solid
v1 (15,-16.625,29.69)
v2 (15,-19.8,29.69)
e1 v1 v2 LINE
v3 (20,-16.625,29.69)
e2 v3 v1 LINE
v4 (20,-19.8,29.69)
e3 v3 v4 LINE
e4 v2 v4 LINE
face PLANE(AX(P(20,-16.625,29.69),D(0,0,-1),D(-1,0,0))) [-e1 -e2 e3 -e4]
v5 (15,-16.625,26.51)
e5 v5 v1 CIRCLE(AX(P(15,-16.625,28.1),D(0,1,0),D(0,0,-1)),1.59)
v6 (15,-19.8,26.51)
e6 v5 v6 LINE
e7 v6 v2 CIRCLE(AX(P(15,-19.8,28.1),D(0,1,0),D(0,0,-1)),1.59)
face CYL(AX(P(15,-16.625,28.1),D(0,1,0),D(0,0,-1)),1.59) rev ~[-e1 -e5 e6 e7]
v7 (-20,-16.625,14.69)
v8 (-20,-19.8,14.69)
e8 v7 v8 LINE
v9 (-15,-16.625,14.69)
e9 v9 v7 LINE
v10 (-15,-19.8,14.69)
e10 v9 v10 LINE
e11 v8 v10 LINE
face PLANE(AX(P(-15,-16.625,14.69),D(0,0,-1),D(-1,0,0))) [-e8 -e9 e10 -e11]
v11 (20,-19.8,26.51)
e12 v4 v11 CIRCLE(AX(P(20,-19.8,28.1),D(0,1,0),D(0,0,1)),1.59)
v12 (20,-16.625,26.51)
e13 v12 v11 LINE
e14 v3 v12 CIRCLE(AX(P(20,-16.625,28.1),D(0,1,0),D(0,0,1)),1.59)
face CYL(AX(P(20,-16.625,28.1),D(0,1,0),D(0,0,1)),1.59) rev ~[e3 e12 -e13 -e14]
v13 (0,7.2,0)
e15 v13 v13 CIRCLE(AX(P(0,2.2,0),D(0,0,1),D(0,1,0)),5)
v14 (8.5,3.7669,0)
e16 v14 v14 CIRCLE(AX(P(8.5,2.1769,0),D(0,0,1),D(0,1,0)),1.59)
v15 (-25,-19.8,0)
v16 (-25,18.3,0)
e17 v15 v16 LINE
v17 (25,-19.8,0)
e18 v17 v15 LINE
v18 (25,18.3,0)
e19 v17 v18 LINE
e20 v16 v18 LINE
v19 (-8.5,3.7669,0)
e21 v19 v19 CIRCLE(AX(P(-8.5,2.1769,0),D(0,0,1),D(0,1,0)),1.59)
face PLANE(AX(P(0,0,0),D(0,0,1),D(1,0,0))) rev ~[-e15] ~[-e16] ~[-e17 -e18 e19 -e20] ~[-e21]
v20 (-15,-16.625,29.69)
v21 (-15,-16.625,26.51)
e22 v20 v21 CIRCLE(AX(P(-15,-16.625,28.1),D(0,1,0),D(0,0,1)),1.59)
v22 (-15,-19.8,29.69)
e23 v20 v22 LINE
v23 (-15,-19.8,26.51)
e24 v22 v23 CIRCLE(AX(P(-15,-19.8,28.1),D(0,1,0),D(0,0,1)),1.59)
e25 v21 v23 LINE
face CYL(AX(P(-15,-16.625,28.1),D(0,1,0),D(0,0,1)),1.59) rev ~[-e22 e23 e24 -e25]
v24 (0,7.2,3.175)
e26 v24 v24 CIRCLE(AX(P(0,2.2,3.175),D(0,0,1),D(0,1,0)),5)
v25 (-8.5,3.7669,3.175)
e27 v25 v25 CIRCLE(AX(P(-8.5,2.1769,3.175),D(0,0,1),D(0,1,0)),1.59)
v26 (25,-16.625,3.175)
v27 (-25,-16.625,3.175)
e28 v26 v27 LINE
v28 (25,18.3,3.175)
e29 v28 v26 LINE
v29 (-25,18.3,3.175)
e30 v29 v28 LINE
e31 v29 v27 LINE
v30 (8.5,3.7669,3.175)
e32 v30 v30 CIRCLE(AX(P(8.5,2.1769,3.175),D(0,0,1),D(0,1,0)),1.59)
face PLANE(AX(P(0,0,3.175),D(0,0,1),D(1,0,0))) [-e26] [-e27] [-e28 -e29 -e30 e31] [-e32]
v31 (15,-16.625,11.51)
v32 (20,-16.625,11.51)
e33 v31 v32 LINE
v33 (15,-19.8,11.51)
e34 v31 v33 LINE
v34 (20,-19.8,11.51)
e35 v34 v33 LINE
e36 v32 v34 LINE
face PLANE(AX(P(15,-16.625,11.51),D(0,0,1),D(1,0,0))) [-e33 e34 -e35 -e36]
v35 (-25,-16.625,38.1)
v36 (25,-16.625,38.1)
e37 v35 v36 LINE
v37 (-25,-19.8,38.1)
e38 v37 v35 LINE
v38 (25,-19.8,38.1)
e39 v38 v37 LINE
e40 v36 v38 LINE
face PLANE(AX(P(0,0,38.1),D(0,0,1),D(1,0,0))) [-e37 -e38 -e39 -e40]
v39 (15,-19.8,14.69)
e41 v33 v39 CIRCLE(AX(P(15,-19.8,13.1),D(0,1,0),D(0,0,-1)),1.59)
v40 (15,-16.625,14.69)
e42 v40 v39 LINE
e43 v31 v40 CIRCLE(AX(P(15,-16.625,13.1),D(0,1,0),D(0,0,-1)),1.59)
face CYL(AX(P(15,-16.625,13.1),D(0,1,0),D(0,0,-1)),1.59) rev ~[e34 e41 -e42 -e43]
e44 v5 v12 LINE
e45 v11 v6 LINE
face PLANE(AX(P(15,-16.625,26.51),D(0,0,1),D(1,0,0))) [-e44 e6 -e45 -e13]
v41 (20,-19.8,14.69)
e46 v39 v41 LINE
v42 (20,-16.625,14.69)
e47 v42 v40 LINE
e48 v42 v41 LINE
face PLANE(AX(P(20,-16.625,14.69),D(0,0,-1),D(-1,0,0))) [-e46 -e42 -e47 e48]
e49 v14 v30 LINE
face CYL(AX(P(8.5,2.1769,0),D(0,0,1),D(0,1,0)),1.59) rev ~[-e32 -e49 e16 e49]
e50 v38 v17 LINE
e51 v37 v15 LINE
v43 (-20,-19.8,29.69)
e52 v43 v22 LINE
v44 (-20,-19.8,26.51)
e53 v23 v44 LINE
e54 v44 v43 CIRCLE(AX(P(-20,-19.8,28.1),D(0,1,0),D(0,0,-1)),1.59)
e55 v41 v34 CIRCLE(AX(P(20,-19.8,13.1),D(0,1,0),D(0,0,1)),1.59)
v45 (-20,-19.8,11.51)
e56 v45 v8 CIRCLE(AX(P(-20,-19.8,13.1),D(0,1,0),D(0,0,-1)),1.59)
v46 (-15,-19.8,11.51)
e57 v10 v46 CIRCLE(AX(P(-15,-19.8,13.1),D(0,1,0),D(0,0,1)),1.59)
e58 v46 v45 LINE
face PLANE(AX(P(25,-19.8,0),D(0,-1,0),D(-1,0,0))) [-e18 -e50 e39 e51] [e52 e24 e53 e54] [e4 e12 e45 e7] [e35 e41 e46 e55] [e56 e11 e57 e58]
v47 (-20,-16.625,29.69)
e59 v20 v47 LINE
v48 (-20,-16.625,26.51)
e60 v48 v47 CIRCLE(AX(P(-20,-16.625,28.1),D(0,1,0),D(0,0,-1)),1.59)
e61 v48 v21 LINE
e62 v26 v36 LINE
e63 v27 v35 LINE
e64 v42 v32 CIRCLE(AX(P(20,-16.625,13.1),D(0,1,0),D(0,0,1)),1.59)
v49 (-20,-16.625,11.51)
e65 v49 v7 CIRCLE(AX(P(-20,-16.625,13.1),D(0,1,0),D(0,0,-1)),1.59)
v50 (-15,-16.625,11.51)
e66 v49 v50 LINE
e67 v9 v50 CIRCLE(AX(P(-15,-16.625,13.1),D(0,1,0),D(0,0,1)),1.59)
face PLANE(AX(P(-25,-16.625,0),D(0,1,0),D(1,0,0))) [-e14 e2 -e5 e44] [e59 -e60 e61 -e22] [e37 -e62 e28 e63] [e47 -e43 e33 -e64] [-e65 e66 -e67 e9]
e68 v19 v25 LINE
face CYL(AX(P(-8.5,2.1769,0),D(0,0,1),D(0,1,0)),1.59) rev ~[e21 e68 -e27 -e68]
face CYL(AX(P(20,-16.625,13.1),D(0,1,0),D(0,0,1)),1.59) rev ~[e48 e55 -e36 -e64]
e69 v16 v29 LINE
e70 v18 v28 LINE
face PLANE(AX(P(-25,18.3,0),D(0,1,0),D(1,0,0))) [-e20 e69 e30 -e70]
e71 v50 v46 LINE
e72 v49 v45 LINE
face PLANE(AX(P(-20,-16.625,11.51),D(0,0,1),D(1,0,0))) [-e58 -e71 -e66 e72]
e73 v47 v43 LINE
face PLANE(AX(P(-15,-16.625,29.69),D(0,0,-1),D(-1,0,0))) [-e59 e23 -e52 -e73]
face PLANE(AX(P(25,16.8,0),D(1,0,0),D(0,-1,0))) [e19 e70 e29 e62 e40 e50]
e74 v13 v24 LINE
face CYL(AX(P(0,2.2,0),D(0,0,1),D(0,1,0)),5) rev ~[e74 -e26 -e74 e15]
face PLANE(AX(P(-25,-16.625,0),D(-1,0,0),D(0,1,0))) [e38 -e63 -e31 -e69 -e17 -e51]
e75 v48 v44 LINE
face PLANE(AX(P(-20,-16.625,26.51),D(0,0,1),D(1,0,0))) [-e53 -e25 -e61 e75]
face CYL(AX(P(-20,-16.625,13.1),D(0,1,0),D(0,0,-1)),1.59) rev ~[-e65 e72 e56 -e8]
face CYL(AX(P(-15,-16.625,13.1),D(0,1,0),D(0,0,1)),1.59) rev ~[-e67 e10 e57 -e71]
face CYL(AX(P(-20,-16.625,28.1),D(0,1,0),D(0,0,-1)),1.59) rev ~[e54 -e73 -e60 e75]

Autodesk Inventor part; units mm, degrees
ref_plane "YZ Plane" through (0, 0, 0) normal (1, 0, 0) x (0, 1, 0)
ref_plane "XZ Plane" through (0, 0, 0) normal (0, 1, 0) x (-1, 0, 0)
ref_plane "XY Plane" through (0, 0, 0) normal (0, 0, 1) x (1, 0, 0)
sketch "Sketch1" plane through (0, 0, 0) normal (0, 0, 1) x (1, 0, 0)
  line L0 (25, 16.8) -> (25, -19.8)
  line L1 (25, -19.8) -> (-25, -19.8)
  line L2 (-25, -19.8) -> (-25, 16.8)
  line L3 (-25, -19.8) -> (-25, -16.8)
  line L4 (-25, -19.8) -> (-25, 18.3)
  line L5 (-25, 18.3) -> (25, 18.3)
  line L6 (25, 18.3) -> (25, -19.8)
  line L7 (-25, -19.8) -> (-25, -16.625)
  line L8 (-25, -16.625) -> (25, -16.625)
  dimension "d94" = 3.175
extrude "Extrusion3" add sketch "Sketch1" along normal blind 3.175
extrude "Extrusion4" add sketch "Sketch1" along normal blind 38.1 contours L0 L1 L2 L8
sketch "Sketch2" plane through (-25, -16.625, 3) normal (0, 1, 0) x (1, 0, 0)
  line L0 (50, -35.1) -> (0, -35.1) projected
  line L1 (0, 0) -> (50, 0) projected
  line L2 (0, 0) -> (0, -35.1) projected
  line L3 (50, 0) -> (50, -35.1) projected
  line L4 (50, -35.1) -> (45, -35.1)
  line L5 (0, -35.1) -> (0, -25.1)
  line L6 (0, 3) -> (0, -35.1) projected
  line L7 (45, -35.1) -> (45, -25.1)
  line L8 (45, -25.1) -> (5, -25.1)
  line L9 (5, -25.1) -> (5, -10.1)
  line L10 (5, -10.1) -> (45, -10.1)
  line L11 (45, -10.1) -> (45, -25.1)
  point P0 (40, -25.1)
  point P1 (40, -10)
  point P2 (10, -10)
  point P3 (10, -25.1)
  dimension "d83" = 5
  dimension "d84" = 10
  dimension "d85" = 40
  dimension "d86" = 15
sketch "Sketch3" plane through (0, 0, 0) normal (0, 0, -1) x (-1, 0, 0)
  line L0 (25, 18.3) -> (25, -0.75)
  line L1 (-25, -16.8) -> (-25, 18.3) projected
  line L2 (25, 18.3) -> (25, 2.3)
  line L3 (25, 18.3) -> (25, -19.8) projected
  line L4 (0, 2.2) -> (0.1, 2.2)
  point P0 (0, -0.75)
  dimension "d67" = 19.05
  dimension "d68" = 25
  dimension "d95" = 16
  dimension "d98" = 0.1
hole "Hole4" at (0, 2.2, 0) direction (0, 0, 1) diameter 10 end through all
sketch "Sketch4" plane through (0, 0, 0) normal (0, 0, -1) x (-1, 0, 0)
  circle A0 centre (-8.5, 2.2) radius 1.2295 projected
  circle A1 centre (8.5, 2.2) radius 1.2295 projected
  line L0 (-25, 18.3) -> (25, 18.3) projected
  line L1 (25, 18.3) -> (25, 2.3)
  line L2 (25, 18.3) -> (25, -19.8) projected
  line L3 (8.5, 2.2) -> (-8.5, 2.1769)
  point P0 (0, 0)
  point P1 (8.5, 2.1769)
  dimension "d96" = 16
hole "Hole5" at (8.5, 2.1769, 0) at (-8.5, 2.1769, 0) direction (0, 0, 1) diameter 3.18 end through all
sketch "Sketch5" plane through (-25, -16.625, 3.175) normal (0, 1, 0) x (1, 0, 0)
  arc A0 (45, -26.515) -> (45, -23.335) centre (45, -24.925) ccw
  arc A1 (40, -23.335) -> (40, -26.515) centre (40, -24.925) ccw
  line L0 (45, -26.515) -> (40, -26.515)
  line L1 (40, -23.335) -> (45, -23.335)
  arc A2 (45, -11.515) -> (45, -8.335) centre (45, -9.925) ccw
  arc A3 (40, -8.335) -> (40, -11.515) centre (40, -9.925) ccw
  line L2 (45, -11.515) -> (40, -11.515)
  line L3 (40, -8.335) -> (45, -8.335)
  arc A4 (10, -26.515) -> (10, -23.335) centre (10, -24.925) ccw
  arc A5 (5, -23.335) -> (5, -26.515) centre (5, -24.925) ccw
  line L4 (10, -26.515) -> (5, -26.515)
  line L5 (5, -23.335) -> (10, -23.335)
  arc A6 (10, -11.515) -> (10, -8.335) centre (10, -9.925) ccw
  arc A7 (5, -8.335) -> (5, -11.515) centre (5, -9.925) ccw
  line L6 (10, -11.515) -> (5, -11.515)
  line L7 (5, -8.335) -> (10, -8.335)
  point P0 (25, 3.175)
extrude "Extrusion5" cut sketch "Sketch5" against normal blind 10
properties part number "Suportepara o motor em cantorneira"
